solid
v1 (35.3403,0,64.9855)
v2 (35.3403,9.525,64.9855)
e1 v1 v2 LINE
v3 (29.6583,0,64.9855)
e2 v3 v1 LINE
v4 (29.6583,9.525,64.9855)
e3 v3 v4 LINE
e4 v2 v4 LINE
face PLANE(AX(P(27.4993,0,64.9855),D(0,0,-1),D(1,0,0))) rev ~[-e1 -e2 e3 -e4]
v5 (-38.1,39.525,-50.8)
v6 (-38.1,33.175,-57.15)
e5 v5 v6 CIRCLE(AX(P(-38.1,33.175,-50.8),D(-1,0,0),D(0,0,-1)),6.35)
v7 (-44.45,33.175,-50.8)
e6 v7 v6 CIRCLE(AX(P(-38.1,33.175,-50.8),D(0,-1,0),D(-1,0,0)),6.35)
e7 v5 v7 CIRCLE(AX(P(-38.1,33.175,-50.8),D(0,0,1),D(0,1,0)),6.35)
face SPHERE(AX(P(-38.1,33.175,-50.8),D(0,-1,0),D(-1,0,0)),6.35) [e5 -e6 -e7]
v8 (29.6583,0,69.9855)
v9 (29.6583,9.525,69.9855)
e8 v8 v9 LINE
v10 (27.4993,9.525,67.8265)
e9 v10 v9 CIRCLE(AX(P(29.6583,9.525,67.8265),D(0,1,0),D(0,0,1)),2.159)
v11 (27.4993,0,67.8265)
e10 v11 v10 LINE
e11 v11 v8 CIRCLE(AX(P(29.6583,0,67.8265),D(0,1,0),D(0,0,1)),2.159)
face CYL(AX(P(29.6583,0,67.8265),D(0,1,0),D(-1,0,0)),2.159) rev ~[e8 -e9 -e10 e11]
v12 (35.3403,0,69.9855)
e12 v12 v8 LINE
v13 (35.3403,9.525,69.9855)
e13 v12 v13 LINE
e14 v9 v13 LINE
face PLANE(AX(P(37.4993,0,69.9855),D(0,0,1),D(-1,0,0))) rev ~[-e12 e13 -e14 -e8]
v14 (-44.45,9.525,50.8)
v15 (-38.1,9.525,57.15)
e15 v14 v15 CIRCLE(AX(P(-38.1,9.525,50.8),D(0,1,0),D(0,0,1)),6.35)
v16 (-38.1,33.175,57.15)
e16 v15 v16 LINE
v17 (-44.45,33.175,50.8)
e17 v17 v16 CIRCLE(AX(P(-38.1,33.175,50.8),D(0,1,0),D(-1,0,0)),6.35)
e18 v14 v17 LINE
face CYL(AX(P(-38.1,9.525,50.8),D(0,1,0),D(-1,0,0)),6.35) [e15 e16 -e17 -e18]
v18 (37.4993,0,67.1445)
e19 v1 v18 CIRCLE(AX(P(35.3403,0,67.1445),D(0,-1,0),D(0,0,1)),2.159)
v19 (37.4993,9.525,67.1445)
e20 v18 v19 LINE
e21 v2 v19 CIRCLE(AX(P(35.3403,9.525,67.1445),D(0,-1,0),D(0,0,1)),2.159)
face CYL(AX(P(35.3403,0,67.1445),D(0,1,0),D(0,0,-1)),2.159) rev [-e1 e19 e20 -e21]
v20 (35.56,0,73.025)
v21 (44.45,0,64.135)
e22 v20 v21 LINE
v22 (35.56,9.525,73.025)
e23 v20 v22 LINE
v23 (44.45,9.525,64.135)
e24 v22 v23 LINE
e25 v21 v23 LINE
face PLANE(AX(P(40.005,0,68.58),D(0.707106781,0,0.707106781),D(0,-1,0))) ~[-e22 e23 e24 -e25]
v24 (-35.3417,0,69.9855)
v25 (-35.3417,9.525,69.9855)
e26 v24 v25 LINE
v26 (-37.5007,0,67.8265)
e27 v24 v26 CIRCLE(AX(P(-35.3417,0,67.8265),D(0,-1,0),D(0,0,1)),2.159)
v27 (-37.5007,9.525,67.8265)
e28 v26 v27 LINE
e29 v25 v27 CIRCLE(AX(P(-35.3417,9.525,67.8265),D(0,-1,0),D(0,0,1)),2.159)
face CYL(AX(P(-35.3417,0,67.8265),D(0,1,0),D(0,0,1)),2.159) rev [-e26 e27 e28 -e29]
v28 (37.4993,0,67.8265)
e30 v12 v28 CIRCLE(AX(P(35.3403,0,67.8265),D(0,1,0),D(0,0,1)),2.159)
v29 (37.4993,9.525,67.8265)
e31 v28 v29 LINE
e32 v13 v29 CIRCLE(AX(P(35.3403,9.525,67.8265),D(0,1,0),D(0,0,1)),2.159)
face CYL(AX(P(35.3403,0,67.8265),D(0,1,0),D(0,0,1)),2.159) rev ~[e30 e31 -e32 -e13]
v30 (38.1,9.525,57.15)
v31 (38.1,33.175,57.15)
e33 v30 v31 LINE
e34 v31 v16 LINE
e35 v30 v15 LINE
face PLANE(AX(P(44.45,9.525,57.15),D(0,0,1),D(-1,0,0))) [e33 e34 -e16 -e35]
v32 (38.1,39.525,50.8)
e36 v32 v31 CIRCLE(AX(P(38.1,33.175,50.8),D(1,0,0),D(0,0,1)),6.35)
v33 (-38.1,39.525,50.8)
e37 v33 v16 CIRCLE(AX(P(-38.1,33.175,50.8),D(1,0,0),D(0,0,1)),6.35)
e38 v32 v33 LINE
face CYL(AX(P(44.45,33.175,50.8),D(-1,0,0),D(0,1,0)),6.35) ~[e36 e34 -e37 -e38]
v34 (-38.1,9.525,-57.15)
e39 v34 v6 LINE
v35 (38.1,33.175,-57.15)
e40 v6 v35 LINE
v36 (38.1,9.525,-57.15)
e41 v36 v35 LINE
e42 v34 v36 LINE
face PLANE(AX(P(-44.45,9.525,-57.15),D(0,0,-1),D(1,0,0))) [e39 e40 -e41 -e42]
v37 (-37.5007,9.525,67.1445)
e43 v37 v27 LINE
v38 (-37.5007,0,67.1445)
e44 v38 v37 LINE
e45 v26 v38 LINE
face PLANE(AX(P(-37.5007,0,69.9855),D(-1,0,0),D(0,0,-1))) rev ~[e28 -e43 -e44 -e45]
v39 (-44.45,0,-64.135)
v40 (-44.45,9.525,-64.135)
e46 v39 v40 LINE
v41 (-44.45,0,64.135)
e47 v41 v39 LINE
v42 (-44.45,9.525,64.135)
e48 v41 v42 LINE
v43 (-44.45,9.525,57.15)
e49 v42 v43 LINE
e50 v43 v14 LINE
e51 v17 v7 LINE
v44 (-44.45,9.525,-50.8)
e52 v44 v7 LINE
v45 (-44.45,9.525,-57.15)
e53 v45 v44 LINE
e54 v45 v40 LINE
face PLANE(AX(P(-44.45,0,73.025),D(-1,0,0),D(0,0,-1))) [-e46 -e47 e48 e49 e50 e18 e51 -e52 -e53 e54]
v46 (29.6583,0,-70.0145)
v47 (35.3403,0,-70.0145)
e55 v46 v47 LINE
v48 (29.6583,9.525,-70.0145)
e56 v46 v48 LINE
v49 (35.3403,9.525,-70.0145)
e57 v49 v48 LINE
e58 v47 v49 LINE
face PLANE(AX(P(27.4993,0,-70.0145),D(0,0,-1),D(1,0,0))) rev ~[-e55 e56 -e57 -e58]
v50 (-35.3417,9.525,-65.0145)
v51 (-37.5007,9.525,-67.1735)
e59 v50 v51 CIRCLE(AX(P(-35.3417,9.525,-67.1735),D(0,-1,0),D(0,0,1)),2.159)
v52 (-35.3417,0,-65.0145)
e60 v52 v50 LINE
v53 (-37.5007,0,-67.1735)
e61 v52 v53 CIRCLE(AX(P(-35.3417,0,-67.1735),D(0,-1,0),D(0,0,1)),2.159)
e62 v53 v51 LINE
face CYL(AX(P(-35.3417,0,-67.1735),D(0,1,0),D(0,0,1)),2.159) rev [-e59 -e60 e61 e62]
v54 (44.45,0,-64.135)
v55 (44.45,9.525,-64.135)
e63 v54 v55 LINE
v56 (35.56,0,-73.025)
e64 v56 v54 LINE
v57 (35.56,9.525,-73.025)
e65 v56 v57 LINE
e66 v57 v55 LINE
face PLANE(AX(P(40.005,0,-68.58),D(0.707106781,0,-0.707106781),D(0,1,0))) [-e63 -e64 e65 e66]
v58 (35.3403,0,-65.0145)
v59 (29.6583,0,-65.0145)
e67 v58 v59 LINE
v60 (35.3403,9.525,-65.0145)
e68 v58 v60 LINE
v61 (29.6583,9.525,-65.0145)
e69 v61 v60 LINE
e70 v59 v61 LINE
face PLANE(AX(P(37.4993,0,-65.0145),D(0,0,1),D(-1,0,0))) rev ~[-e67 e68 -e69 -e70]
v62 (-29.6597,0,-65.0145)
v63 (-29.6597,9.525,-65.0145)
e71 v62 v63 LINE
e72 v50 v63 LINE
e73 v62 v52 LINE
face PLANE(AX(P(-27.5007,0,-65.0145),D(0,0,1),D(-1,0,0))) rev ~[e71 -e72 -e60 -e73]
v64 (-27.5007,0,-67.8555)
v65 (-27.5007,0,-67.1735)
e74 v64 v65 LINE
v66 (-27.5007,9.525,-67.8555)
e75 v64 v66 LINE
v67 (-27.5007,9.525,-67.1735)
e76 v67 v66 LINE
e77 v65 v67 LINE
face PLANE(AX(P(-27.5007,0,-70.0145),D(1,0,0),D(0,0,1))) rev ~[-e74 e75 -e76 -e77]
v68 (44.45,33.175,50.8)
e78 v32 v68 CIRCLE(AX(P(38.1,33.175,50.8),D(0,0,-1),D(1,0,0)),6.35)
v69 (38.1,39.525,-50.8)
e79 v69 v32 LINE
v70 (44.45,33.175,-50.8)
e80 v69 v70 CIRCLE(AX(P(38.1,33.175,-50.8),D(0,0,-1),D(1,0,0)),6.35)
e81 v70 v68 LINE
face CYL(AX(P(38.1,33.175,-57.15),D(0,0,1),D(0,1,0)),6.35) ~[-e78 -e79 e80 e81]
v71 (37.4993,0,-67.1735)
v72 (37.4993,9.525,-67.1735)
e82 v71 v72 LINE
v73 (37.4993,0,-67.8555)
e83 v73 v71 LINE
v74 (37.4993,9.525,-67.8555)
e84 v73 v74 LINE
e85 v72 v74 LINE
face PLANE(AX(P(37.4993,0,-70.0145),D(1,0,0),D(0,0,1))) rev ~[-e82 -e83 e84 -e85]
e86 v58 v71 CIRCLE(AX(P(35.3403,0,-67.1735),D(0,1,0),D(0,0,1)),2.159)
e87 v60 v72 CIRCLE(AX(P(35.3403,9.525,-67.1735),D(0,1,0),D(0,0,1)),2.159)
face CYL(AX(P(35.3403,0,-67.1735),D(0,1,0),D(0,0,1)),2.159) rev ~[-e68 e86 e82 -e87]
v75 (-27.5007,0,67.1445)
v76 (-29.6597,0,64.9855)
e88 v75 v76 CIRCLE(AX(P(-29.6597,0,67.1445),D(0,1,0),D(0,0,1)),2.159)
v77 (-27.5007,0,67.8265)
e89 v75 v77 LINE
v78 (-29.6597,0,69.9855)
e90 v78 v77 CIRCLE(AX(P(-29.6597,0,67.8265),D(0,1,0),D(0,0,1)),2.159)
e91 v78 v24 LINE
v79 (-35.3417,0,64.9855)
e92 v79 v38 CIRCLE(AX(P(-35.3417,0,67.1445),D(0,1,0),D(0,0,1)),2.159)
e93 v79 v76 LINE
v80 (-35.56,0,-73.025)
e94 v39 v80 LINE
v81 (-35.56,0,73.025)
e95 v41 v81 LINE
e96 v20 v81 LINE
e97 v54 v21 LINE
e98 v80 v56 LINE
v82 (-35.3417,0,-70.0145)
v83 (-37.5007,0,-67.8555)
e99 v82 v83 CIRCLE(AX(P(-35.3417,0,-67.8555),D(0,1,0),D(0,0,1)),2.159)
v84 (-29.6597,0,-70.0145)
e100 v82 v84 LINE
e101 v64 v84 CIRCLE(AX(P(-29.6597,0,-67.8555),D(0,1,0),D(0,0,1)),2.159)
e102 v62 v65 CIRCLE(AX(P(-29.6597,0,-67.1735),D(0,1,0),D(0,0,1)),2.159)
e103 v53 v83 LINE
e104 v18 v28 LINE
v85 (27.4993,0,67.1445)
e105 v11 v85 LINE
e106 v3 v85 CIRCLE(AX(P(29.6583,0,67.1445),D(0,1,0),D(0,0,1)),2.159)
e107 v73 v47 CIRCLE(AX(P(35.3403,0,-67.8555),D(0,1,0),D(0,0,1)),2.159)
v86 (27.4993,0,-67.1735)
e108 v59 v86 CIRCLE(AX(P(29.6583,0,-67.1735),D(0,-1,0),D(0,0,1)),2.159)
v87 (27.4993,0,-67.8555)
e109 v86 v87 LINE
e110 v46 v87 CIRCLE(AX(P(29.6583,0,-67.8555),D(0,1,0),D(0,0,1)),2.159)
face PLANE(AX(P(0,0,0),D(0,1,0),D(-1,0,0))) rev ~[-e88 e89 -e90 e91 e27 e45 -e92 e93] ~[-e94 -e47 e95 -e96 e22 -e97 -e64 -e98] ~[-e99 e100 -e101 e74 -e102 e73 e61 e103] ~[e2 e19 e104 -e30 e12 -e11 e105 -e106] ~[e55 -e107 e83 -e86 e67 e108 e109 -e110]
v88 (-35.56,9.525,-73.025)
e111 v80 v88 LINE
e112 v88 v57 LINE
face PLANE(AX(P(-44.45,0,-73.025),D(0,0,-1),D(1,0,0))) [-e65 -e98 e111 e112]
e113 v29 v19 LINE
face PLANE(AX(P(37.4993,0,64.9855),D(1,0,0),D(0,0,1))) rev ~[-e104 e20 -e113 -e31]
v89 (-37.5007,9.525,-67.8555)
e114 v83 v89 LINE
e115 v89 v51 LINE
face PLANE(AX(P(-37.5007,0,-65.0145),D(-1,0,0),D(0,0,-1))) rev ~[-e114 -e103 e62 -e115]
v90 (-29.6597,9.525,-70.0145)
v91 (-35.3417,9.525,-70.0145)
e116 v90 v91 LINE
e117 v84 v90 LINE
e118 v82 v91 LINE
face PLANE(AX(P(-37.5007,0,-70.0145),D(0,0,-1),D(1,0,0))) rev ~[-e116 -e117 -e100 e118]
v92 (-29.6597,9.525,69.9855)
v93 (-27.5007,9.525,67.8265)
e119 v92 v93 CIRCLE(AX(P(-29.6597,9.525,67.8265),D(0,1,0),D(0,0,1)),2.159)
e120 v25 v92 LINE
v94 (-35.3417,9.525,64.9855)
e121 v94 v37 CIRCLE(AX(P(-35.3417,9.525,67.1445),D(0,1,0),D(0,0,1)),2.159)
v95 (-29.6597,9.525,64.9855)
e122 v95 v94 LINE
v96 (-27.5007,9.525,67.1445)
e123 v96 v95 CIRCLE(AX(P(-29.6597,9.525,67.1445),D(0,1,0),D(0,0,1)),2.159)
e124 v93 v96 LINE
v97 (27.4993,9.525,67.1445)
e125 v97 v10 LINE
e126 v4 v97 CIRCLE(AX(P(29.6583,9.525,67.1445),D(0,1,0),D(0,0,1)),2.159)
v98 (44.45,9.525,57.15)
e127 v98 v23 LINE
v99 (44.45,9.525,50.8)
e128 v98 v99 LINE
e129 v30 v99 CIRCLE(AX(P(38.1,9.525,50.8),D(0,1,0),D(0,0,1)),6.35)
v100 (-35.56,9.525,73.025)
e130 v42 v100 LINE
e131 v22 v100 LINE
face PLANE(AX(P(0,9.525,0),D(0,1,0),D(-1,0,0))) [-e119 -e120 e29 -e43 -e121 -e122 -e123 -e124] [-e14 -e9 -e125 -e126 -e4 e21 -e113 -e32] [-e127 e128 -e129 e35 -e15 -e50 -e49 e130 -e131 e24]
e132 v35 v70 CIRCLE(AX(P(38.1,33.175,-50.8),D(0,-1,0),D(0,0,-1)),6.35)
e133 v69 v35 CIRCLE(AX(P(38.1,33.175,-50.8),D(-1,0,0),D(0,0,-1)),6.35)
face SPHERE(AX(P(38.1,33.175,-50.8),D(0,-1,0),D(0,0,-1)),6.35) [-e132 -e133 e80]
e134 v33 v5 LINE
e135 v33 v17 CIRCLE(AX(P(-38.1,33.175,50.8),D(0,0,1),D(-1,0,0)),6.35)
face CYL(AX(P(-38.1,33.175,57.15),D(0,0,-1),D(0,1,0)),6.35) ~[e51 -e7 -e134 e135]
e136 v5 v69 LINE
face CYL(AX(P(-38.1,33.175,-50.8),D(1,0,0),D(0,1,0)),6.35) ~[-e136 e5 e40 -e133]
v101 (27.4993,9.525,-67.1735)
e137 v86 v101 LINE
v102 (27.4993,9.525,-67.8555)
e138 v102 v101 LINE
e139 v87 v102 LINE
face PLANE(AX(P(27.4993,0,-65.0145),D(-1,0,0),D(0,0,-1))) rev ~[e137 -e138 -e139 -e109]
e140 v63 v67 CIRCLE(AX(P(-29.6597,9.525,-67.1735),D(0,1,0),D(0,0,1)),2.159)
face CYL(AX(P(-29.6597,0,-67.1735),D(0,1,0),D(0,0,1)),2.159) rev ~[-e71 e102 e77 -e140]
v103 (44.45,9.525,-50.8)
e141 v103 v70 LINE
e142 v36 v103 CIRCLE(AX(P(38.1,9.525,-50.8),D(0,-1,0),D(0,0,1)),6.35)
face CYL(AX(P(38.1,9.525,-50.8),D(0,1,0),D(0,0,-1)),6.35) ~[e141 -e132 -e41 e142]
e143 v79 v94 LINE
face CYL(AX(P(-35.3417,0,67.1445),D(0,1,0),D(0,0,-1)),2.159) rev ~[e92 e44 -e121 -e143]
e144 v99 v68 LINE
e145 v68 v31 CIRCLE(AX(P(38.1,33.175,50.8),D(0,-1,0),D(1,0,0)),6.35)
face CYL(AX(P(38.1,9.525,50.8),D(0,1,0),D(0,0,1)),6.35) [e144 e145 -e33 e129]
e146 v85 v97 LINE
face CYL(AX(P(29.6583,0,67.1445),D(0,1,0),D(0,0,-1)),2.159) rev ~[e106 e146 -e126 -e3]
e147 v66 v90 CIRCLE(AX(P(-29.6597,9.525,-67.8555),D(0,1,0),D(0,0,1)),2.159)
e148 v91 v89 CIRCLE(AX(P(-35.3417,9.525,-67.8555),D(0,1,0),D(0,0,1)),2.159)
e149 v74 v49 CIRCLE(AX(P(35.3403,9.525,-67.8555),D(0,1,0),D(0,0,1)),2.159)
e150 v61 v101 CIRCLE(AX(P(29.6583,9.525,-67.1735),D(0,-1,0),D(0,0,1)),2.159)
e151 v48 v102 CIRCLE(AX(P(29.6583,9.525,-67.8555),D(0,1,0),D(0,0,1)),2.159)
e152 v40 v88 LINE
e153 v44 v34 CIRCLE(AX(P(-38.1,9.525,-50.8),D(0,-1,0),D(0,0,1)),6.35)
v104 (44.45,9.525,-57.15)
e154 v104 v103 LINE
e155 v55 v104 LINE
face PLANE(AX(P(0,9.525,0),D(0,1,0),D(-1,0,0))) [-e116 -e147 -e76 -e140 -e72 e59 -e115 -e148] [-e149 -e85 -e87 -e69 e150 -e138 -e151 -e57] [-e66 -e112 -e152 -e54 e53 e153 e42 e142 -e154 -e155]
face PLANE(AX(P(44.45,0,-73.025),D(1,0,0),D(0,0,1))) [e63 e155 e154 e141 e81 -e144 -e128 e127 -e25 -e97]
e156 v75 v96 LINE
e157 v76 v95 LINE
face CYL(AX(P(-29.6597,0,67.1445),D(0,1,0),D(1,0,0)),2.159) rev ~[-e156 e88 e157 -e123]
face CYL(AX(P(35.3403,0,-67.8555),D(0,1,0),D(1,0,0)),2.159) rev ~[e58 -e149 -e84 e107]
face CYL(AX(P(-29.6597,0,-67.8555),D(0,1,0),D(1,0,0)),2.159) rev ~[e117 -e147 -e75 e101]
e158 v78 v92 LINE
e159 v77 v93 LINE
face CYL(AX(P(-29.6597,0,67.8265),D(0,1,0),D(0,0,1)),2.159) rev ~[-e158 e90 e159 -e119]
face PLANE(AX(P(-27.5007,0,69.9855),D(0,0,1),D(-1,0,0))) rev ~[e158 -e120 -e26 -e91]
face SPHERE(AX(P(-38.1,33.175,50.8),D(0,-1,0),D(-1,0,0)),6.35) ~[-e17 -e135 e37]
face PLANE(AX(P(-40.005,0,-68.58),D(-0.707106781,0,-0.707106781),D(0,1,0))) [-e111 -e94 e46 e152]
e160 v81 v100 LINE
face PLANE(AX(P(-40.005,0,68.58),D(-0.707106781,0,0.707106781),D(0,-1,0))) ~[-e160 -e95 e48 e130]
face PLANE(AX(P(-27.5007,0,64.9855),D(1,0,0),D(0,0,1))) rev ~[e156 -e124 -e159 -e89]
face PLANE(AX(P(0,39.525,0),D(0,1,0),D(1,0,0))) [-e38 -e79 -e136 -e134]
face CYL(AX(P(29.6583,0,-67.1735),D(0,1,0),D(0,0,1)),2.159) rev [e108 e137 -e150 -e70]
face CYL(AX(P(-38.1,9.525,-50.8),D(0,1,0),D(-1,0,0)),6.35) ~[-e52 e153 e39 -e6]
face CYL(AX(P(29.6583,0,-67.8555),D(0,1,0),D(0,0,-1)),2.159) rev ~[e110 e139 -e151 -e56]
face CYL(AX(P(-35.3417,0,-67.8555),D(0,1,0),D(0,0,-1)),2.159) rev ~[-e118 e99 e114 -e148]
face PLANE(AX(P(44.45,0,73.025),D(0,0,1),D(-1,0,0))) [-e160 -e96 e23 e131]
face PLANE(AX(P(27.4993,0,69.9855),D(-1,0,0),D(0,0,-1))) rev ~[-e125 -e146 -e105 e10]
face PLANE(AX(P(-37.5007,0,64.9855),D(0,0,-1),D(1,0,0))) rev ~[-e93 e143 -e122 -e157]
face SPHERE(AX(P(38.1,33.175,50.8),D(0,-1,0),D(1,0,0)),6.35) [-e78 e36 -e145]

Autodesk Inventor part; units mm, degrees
ref_plane "YZ Plane" through (0, 0, 0) normal (1, 0, 0) x (0, 1, 0)
ref_plane "XZ Plane" through (0, 0, 0) normal (0, 1, 0) x (-1, 0, 0)
ref_plane "XY Plane" through (0, 0, 0) normal (0, 0, 1) x (1, 0, 0)
sketch "Sketch1" plane through (0, 0, 0) normal (0, 1, 0) x (-1, 0, 0)
  line L0 (-44.45, 73.025) -> (44.45, 73.025)
  line L1 (44.45, 73.025) -> (44.45, -73.025)
  line L2 (44.45, -73.025) -> (-44.45, -73.025)
  line L3 (-44.45, -73.025) -> (-44.45, 73.025)
  line L4 (-44.45, 73.025) -> (44.45, -73.025) construction
  line L5 (44.45, 73.025) -> (-44.45, -73.025) construction
  point P0 (0, 0)
  dimension "d0" = 88.9
  dimension "d1" = 146.05
extrude "Extrusion1" add sketch "Sketch1" along normal blind 9.525
sketch "Sketch2" plane through (0, 9.525, 0) normal (0, 1, 0) x (1, 0, 0)
  line L0 (44.45, -57.15) -> (-44.45, -57.15)
  line L1 (-44.45, -57.15) -> (-44.45, 57.15)
  line L2 (-44.45, 57.15) -> (44.45, 57.15)
  line L3 (44.45, 57.15) -> (44.45, -57.15)
  line L4 (44.45, -57.15) -> (-44.45, 57.15) construction
  line L5 (-44.45, -57.15) -> (44.45, 57.15) construction
  point P0 (0, 0)
  dimension "d4" = 88.9
  dimension "d5" = 114.3
extrude "Extrusion2" add sketch "Sketch2" along normal blind 30
sketch "Sketch3" plane through (0, 0, 0) normal (0, -1, 0) x (1, 0, 0)
  line L0 (-37.5007, -70.0145) -> (-27.5007, -70.0145)
  line L1 (-27.5007, -70.0145) -> (-27.5007, -65.0145)
  line L2 (-27.5007, -65.0145) -> (-37.5007, -65.0145)
  line L3 (-37.5007, -65.0145) -> (-37.5007, -70.0145)
  line L4 (-37.5007, -70.0145) -> (-27.5007, -65.0145) construction
  line L5 (-27.5007, -70.0145) -> (-37.5007, -65.0145) construction
  line L6 (-37.5007, 64.9855) -> (-27.5007, 64.9855)
  line L7 (-27.5007, 64.9855) -> (-27.5007, 69.9855)
  line L8 (-27.5007, 69.9855) -> (-37.5007, 69.9855)
  line L9 (-37.5007, 69.9855) -> (-37.5007, 64.9855)
  line L10 (-37.5007, 64.9855) -> (-27.5007, 69.9855) construction
  line L11 (-27.5007, 64.9855) -> (-37.5007, 69.9855) construction
  line L12 (-44.45, -73.025) -> (44.45, -73.025) projected
  line L13 (27.4993, -70.0145) -> (37.4993, -70.0145)
  line L14 (37.4993, -70.0145) -> (37.4993, -65.0145)
  line L15 (37.4993, -65.0145) -> (27.4993, -65.0145)
  line L16 (27.4993, -65.0145) -> (27.4993, -70.0145)
  line L17 (27.4993, -70.0145) -> (37.4993, -65.0145) construction
  line L18 (37.4993, -70.0145) -> (27.4993, -65.0145) construction
  line L19 (44.45, -73.025) -> (44.45, 73.025) projected
  line L20 (37.4993, 69.9855) -> (27.4993, 69.9855)
  line L21 (27.4993, 69.9855) -> (27.4993, 64.9855)
  line L22 (27.4993, 64.9855) -> (37.4993, 64.9855)
  line L23 (37.4993, 64.9855) -> (37.4993, 69.9855)
  line L24 (37.4993, 69.9855) -> (27.4993, 64.9855) construction
  line L25 (27.4993, 69.9855) -> (37.4993, 64.9855) construction
  point P0 (0, 0)
  point P1 (-32.5007, -67.5145)
  point P2 (-32.5007, 67.4855)
  point P3 (32.4993, -67.5145)
  point P4 (-42.8625, -71.4375)
  point P5 (32.4993, 67.4855)
  dimension "d8" = 10
  dimension "d9" = 5
  dimension "d10" = 10
  dimension "d11" = 5
  dimension "d12" = 0
  dimension "d13" = 135
  dimension "d14" = 5.5105
  dimension "d15" = 10
  dimension "d16" = 5
  dimension "d17" = 65
  dimension "d18" = 5.5105
  dimension "d19" = 11.9507
  dimension "d20" = 5
  dimension "d21" = 10
  dimension "d22" = 135
  dimension "d23" = 11.9507
extrude "Extrusion3" cut sketch "Sketch3" against normal blind 30
fillet "Fillet1" radius 2.159 16 edges at (-27.5007, 4.7625, 64.9855) (-27.5007, 4.7625, 69.9855) (-37.5007, 4.7625, 69.9855) (-37.5007, 4.7625, 64.9855) (37.4993, 4.7625, 64.9855) (37.4993, 4.7625, 69.9855) (27.4993, 4.7625, 64.9855) (27.4993, 4.7625, 69.9855) (27.4993, 4.7625, -65.0145) (37.4993, 4.7625, -70.0145) (37.4993, 4.7625, -65.0145) (27.4993, 4.7625, -70.0145) (-27.5007, 4.7625, -65.0145) (-27.5007, 4.7625, -70.0145) (-37.5007, 4.7625, -65.0145) (-37.5007, 4.7625, -70.0145)
fillet "Fillet2" radius 6.35 1 edges at (-44.45, 24.525, -57.15)
fillet "Fillet3" radius 6.35 8 edges at (-44.45, 24.525, 57.15) (44.45, 24.525, 57.15) (44.45, 24.525, -57.15) (-42.5901, 39.525, -55.2901) (-44.45, 39.525, 3.175) (3.175, 39.525, -57.15) (44.45, 39.525, 0) (0, 39.525, 57.15)
chamfer "Chamfer1" distance 8.89 angle 45 4 edges at (44.45, 4.7625, 73.025) (-44.45, 4.7625, 73.025) (44.45, 4.7625, -73.025) (-44.45, 4.7625, -73.025)
equation "\"d18\" = d14"
equation "\"d20\" = d11"
equation "\"d21\" = d10"
equation "\"d22\" = d13"
equation "\"d23\" = d19"
properties part number "24v Converter"
